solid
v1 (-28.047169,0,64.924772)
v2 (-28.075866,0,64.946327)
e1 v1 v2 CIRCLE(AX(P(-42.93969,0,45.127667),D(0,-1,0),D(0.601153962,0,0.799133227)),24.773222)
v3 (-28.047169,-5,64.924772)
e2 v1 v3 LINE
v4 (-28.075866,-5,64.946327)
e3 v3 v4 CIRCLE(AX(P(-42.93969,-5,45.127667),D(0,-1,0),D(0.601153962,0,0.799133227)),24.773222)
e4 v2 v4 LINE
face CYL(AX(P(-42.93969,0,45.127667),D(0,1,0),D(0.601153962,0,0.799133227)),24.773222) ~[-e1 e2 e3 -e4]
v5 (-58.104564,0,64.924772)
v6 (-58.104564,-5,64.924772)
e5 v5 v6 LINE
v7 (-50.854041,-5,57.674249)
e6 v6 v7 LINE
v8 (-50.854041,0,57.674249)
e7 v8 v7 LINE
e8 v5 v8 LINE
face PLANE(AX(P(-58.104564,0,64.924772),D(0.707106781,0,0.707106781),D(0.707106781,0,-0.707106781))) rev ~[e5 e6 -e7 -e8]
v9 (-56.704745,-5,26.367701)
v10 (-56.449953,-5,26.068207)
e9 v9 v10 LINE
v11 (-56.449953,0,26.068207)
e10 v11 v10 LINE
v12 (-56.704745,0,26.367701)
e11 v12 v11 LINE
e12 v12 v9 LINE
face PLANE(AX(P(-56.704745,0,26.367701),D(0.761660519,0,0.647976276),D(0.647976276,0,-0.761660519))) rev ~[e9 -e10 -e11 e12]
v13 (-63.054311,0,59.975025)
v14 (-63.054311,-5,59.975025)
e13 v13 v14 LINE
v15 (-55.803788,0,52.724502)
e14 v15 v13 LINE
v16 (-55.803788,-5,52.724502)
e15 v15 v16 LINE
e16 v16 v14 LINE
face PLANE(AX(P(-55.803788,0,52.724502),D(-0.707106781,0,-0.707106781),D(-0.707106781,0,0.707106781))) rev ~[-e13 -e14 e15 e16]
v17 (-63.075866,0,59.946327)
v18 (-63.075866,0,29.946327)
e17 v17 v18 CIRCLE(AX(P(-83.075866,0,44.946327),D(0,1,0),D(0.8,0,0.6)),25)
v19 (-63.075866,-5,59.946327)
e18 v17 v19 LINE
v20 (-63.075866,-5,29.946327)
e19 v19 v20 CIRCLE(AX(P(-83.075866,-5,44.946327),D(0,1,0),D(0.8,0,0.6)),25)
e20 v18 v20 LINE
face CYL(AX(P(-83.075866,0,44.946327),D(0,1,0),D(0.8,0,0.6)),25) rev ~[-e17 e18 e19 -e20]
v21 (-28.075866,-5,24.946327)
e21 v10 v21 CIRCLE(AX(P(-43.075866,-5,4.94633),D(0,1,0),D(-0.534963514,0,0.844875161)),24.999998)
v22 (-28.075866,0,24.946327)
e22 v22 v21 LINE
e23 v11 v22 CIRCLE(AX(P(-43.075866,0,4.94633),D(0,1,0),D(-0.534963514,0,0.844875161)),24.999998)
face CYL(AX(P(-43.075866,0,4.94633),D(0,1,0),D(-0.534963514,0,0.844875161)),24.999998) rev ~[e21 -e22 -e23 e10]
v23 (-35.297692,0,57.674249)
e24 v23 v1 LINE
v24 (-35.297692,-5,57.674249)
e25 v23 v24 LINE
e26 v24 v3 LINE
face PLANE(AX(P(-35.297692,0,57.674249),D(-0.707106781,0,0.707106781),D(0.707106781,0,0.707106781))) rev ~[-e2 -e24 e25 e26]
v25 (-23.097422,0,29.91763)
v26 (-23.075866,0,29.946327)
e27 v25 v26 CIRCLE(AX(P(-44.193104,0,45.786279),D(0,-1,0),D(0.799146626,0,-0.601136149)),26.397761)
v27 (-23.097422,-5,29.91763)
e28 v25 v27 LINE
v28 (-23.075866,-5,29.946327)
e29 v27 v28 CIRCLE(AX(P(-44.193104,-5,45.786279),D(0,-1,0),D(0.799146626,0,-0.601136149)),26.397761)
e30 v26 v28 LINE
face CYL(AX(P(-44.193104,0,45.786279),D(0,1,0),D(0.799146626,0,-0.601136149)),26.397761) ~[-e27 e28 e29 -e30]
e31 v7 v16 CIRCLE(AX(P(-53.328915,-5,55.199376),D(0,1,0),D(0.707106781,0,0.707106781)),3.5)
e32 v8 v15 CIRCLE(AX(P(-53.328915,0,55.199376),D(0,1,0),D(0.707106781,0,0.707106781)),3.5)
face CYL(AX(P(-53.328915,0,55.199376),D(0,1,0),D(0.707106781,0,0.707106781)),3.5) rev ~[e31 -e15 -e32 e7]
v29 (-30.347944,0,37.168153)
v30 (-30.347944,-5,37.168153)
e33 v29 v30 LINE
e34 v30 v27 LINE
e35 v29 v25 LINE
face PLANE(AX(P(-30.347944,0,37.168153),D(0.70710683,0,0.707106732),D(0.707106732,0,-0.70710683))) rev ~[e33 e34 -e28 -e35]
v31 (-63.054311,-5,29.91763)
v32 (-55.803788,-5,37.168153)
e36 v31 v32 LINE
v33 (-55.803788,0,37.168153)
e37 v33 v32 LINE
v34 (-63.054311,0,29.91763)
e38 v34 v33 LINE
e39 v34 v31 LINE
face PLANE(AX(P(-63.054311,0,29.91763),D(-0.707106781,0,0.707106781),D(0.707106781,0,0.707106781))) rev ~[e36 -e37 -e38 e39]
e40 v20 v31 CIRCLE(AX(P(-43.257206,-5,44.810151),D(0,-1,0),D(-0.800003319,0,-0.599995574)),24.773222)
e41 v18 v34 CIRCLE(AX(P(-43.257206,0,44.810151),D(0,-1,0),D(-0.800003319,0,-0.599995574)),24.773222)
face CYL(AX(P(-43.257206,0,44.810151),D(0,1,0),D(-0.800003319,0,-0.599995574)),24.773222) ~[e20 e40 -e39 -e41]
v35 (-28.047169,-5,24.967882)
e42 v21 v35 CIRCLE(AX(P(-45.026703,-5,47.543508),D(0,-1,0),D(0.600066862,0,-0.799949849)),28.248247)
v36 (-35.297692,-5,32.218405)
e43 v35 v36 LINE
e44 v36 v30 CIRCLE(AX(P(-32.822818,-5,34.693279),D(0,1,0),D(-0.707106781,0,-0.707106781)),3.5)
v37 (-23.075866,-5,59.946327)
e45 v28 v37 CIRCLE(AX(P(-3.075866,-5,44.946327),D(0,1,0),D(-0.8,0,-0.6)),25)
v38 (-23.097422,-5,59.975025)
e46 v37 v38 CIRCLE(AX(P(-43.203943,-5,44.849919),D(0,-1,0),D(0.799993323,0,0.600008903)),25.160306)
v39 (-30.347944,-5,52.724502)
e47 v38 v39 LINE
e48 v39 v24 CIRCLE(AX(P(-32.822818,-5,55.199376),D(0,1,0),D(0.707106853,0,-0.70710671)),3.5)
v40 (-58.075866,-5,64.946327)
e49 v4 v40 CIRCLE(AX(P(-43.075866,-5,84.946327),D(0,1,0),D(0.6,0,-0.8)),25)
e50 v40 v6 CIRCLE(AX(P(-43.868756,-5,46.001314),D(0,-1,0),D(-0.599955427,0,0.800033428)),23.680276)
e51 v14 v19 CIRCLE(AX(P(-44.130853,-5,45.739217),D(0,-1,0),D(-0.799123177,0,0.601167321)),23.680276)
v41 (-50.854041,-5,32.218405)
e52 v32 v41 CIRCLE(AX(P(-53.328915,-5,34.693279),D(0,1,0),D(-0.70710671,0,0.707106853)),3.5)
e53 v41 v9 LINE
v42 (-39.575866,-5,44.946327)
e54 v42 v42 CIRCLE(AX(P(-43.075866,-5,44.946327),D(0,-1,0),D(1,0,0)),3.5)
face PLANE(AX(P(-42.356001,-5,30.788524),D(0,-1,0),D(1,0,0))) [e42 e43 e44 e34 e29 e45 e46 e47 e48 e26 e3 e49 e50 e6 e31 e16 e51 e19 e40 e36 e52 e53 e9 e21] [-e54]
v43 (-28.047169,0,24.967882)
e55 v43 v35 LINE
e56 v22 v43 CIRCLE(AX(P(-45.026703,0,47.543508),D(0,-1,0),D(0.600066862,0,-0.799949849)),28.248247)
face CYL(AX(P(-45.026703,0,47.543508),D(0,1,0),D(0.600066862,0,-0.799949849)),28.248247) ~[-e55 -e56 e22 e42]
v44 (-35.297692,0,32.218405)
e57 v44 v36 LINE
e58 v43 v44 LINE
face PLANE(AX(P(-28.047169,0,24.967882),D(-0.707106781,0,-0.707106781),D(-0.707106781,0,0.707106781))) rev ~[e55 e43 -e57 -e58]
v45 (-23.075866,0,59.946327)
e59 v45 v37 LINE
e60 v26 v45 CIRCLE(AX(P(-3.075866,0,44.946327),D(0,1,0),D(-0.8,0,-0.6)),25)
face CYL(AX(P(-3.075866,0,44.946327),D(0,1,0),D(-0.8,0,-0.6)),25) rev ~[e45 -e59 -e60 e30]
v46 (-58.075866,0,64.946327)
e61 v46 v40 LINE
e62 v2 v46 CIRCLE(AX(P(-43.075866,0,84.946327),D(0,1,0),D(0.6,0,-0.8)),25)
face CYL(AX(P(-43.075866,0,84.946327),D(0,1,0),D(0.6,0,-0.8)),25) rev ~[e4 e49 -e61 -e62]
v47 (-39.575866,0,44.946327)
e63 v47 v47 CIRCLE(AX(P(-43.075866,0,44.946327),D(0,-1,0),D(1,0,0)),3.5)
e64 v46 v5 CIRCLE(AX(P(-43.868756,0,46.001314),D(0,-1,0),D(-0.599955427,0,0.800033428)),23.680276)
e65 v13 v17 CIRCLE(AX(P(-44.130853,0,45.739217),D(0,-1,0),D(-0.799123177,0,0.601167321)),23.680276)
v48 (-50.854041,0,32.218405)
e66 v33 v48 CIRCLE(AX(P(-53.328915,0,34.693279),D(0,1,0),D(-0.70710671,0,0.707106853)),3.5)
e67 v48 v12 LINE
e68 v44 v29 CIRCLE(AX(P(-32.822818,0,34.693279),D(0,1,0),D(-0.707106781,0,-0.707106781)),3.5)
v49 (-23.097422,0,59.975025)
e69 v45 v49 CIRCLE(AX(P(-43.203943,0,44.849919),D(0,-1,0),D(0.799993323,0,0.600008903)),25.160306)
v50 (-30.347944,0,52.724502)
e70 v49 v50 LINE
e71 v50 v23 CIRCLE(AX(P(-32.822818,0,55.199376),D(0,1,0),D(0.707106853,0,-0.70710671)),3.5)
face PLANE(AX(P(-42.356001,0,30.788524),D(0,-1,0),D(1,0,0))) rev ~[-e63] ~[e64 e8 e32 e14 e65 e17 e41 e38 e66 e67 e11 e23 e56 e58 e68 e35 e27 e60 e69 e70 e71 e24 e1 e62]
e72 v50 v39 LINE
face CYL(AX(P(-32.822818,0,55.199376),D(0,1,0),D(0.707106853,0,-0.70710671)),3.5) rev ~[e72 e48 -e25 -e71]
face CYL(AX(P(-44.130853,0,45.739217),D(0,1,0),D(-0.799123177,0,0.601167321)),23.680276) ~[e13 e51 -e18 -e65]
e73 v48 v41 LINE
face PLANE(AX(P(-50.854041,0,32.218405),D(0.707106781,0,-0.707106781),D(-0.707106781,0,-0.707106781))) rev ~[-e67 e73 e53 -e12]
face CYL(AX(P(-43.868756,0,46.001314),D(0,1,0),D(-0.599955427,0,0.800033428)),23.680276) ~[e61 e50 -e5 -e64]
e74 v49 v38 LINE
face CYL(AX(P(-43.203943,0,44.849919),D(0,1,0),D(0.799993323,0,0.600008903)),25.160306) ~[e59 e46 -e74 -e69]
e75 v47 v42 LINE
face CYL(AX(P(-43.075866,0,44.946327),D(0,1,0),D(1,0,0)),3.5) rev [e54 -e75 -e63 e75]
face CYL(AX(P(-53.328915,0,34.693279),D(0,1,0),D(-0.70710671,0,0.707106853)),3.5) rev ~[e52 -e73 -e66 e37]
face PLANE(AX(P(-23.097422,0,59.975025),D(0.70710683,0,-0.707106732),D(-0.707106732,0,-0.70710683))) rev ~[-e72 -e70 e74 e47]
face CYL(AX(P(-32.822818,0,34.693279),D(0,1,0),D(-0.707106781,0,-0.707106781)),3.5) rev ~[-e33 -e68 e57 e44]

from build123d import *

# Parameters (mm, degrees)
F0_R     = 3.5
F1_DEPTH = 5


with BuildPart() as f1:
    # F0 (on Front) → F1 (new body)
    with BuildSketch(Plane.XZ):
        with BuildLine():
            ThreePointArc((-56.449953, 26.068207), (-42.088166, 29.926809), (-28.075866, 24.946327))
            ThreePointArc((-28.075866, 24.946327), (-28.061514, 24.9571), (-28.047169, 24.967882))
            Line((-28.047169, 24.967882), (-35.297692, 32.218405))
            Line((-35.297692, 32.218405), (-43.075866, 39.99658))
            Line((-43.075866, 39.99658), (-50.854041, 32.218405))
            Line((-50.854041, 32.218405), (-56.704745, 26.367701))
            Line((-56.704745, 26.367701), (-56.449953, 26.068207))
        make_face()
        with BuildLine():
            Line((-43.075866, 39.99658), (-35.297692, 32.218405))
            ThreePointArc((-35.297692, 32.218405), (-35.297692, 37.168153), (-30.347944, 37.168153))
            Line((-30.347944, 37.168153), (-38.126119, 44.946327))
            Line((-38.126119, 44.946327), (-30.347944, 52.724502))
            ThreePointArc((-30.347944, 52.724502), (-35.297692, 52.724502), (-35.297692, 57.674249))
            Line((-35.297692, 57.674249), (-43.075866, 49.896075))
            Line((-43.075866, 49.896075), (-50.854041, 57.674249))
            ThreePointArc((-50.854041, 57.674249), (-50.854041, 52.724502), (-55.803788, 52.724502))
            Line((-55.803788, 52.724502), (-48.025614, 44.946327))
            Line((-48.025614, 44.946327), (-55.803788, 37.168153))
            ThreePointArc((-55.803788, 37.168153), (-50.854041, 37.168153), (-50.854041, 32.218405))
            Line((-50.854041, 32.218405), (-43.075866, 39.99658))
        make_face()
        with Locations((-43.075866, 44.946327)):
            Circle(F0_R, mode=Mode.SUBTRACT)
        with BuildLine():
            Line((-30.347944, 37.168153), (-23.097422, 29.91763))
            ThreePointArc((-23.097422, 29.91763), (-23.086639, 29.931975), (-23.075866, 29.946327))
            ThreePointArc((-23.075866, 29.946327), (-28.075866, 44.946327), (-23.075866, 59.946327))
            ThreePointArc((-23.075866, 59.946327), (-23.086639, 59.96068), (-23.097422, 59.975025))
            Line((-23.097422, 59.975025), (-30.347944, 52.724502))
            Line((-30.347944, 52.724502), (-38.126119, 44.946327))
            Line((-38.126119, 44.946327), (-30.347944, 37.168153))
        make_face()
        with BuildLine():
            Line((-63.054311, 29.91763), (-55.803788, 37.168153))
            Line((-55.803788, 37.168153), (-48.025614, 44.946327))
            Line((-48.025614, 44.946327), (-55.803788, 52.724502))
            Line((-55.803788, 52.724502), (-63.054311, 59.975025))
            ThreePointArc((-63.054311, 59.975025), (-63.065094, 59.96068), (-63.075866, 59.946327))
            ThreePointArc((-63.075866, 59.946327), (-58.075866, 44.946327), (-63.075866, 29.946327))
            ThreePointArc((-63.075866, 29.946327), (-63.065094, 29.931975), (-63.054311, 29.91763))
        make_face()
        with BuildLine():
            Line((-43.075866, 49.896075), (-35.297692, 57.674249))
            Line((-35.297692, 57.674249), (-28.047169, 64.924772))
            ThreePointArc((-28.047169, 64.924772), (-28.061514, 64.935555), (-28.075866, 64.946327))
            ThreePointArc((-28.075866, 64.946327), (-43.075866, 59.946327), (-58.075866, 64.946327))
            ThreePointArc((-58.075866, 64.946327), (-58.090219, 64.935555), (-58.104564, 64.924772))
            Line((-58.104564, 64.924772), (-50.854041, 57.674249))
            Line((-50.854041, 57.674249), (-43.075866, 49.896075))
        make_face()
    extrude(amount=F1_DEPTH)


solid = f1.part
